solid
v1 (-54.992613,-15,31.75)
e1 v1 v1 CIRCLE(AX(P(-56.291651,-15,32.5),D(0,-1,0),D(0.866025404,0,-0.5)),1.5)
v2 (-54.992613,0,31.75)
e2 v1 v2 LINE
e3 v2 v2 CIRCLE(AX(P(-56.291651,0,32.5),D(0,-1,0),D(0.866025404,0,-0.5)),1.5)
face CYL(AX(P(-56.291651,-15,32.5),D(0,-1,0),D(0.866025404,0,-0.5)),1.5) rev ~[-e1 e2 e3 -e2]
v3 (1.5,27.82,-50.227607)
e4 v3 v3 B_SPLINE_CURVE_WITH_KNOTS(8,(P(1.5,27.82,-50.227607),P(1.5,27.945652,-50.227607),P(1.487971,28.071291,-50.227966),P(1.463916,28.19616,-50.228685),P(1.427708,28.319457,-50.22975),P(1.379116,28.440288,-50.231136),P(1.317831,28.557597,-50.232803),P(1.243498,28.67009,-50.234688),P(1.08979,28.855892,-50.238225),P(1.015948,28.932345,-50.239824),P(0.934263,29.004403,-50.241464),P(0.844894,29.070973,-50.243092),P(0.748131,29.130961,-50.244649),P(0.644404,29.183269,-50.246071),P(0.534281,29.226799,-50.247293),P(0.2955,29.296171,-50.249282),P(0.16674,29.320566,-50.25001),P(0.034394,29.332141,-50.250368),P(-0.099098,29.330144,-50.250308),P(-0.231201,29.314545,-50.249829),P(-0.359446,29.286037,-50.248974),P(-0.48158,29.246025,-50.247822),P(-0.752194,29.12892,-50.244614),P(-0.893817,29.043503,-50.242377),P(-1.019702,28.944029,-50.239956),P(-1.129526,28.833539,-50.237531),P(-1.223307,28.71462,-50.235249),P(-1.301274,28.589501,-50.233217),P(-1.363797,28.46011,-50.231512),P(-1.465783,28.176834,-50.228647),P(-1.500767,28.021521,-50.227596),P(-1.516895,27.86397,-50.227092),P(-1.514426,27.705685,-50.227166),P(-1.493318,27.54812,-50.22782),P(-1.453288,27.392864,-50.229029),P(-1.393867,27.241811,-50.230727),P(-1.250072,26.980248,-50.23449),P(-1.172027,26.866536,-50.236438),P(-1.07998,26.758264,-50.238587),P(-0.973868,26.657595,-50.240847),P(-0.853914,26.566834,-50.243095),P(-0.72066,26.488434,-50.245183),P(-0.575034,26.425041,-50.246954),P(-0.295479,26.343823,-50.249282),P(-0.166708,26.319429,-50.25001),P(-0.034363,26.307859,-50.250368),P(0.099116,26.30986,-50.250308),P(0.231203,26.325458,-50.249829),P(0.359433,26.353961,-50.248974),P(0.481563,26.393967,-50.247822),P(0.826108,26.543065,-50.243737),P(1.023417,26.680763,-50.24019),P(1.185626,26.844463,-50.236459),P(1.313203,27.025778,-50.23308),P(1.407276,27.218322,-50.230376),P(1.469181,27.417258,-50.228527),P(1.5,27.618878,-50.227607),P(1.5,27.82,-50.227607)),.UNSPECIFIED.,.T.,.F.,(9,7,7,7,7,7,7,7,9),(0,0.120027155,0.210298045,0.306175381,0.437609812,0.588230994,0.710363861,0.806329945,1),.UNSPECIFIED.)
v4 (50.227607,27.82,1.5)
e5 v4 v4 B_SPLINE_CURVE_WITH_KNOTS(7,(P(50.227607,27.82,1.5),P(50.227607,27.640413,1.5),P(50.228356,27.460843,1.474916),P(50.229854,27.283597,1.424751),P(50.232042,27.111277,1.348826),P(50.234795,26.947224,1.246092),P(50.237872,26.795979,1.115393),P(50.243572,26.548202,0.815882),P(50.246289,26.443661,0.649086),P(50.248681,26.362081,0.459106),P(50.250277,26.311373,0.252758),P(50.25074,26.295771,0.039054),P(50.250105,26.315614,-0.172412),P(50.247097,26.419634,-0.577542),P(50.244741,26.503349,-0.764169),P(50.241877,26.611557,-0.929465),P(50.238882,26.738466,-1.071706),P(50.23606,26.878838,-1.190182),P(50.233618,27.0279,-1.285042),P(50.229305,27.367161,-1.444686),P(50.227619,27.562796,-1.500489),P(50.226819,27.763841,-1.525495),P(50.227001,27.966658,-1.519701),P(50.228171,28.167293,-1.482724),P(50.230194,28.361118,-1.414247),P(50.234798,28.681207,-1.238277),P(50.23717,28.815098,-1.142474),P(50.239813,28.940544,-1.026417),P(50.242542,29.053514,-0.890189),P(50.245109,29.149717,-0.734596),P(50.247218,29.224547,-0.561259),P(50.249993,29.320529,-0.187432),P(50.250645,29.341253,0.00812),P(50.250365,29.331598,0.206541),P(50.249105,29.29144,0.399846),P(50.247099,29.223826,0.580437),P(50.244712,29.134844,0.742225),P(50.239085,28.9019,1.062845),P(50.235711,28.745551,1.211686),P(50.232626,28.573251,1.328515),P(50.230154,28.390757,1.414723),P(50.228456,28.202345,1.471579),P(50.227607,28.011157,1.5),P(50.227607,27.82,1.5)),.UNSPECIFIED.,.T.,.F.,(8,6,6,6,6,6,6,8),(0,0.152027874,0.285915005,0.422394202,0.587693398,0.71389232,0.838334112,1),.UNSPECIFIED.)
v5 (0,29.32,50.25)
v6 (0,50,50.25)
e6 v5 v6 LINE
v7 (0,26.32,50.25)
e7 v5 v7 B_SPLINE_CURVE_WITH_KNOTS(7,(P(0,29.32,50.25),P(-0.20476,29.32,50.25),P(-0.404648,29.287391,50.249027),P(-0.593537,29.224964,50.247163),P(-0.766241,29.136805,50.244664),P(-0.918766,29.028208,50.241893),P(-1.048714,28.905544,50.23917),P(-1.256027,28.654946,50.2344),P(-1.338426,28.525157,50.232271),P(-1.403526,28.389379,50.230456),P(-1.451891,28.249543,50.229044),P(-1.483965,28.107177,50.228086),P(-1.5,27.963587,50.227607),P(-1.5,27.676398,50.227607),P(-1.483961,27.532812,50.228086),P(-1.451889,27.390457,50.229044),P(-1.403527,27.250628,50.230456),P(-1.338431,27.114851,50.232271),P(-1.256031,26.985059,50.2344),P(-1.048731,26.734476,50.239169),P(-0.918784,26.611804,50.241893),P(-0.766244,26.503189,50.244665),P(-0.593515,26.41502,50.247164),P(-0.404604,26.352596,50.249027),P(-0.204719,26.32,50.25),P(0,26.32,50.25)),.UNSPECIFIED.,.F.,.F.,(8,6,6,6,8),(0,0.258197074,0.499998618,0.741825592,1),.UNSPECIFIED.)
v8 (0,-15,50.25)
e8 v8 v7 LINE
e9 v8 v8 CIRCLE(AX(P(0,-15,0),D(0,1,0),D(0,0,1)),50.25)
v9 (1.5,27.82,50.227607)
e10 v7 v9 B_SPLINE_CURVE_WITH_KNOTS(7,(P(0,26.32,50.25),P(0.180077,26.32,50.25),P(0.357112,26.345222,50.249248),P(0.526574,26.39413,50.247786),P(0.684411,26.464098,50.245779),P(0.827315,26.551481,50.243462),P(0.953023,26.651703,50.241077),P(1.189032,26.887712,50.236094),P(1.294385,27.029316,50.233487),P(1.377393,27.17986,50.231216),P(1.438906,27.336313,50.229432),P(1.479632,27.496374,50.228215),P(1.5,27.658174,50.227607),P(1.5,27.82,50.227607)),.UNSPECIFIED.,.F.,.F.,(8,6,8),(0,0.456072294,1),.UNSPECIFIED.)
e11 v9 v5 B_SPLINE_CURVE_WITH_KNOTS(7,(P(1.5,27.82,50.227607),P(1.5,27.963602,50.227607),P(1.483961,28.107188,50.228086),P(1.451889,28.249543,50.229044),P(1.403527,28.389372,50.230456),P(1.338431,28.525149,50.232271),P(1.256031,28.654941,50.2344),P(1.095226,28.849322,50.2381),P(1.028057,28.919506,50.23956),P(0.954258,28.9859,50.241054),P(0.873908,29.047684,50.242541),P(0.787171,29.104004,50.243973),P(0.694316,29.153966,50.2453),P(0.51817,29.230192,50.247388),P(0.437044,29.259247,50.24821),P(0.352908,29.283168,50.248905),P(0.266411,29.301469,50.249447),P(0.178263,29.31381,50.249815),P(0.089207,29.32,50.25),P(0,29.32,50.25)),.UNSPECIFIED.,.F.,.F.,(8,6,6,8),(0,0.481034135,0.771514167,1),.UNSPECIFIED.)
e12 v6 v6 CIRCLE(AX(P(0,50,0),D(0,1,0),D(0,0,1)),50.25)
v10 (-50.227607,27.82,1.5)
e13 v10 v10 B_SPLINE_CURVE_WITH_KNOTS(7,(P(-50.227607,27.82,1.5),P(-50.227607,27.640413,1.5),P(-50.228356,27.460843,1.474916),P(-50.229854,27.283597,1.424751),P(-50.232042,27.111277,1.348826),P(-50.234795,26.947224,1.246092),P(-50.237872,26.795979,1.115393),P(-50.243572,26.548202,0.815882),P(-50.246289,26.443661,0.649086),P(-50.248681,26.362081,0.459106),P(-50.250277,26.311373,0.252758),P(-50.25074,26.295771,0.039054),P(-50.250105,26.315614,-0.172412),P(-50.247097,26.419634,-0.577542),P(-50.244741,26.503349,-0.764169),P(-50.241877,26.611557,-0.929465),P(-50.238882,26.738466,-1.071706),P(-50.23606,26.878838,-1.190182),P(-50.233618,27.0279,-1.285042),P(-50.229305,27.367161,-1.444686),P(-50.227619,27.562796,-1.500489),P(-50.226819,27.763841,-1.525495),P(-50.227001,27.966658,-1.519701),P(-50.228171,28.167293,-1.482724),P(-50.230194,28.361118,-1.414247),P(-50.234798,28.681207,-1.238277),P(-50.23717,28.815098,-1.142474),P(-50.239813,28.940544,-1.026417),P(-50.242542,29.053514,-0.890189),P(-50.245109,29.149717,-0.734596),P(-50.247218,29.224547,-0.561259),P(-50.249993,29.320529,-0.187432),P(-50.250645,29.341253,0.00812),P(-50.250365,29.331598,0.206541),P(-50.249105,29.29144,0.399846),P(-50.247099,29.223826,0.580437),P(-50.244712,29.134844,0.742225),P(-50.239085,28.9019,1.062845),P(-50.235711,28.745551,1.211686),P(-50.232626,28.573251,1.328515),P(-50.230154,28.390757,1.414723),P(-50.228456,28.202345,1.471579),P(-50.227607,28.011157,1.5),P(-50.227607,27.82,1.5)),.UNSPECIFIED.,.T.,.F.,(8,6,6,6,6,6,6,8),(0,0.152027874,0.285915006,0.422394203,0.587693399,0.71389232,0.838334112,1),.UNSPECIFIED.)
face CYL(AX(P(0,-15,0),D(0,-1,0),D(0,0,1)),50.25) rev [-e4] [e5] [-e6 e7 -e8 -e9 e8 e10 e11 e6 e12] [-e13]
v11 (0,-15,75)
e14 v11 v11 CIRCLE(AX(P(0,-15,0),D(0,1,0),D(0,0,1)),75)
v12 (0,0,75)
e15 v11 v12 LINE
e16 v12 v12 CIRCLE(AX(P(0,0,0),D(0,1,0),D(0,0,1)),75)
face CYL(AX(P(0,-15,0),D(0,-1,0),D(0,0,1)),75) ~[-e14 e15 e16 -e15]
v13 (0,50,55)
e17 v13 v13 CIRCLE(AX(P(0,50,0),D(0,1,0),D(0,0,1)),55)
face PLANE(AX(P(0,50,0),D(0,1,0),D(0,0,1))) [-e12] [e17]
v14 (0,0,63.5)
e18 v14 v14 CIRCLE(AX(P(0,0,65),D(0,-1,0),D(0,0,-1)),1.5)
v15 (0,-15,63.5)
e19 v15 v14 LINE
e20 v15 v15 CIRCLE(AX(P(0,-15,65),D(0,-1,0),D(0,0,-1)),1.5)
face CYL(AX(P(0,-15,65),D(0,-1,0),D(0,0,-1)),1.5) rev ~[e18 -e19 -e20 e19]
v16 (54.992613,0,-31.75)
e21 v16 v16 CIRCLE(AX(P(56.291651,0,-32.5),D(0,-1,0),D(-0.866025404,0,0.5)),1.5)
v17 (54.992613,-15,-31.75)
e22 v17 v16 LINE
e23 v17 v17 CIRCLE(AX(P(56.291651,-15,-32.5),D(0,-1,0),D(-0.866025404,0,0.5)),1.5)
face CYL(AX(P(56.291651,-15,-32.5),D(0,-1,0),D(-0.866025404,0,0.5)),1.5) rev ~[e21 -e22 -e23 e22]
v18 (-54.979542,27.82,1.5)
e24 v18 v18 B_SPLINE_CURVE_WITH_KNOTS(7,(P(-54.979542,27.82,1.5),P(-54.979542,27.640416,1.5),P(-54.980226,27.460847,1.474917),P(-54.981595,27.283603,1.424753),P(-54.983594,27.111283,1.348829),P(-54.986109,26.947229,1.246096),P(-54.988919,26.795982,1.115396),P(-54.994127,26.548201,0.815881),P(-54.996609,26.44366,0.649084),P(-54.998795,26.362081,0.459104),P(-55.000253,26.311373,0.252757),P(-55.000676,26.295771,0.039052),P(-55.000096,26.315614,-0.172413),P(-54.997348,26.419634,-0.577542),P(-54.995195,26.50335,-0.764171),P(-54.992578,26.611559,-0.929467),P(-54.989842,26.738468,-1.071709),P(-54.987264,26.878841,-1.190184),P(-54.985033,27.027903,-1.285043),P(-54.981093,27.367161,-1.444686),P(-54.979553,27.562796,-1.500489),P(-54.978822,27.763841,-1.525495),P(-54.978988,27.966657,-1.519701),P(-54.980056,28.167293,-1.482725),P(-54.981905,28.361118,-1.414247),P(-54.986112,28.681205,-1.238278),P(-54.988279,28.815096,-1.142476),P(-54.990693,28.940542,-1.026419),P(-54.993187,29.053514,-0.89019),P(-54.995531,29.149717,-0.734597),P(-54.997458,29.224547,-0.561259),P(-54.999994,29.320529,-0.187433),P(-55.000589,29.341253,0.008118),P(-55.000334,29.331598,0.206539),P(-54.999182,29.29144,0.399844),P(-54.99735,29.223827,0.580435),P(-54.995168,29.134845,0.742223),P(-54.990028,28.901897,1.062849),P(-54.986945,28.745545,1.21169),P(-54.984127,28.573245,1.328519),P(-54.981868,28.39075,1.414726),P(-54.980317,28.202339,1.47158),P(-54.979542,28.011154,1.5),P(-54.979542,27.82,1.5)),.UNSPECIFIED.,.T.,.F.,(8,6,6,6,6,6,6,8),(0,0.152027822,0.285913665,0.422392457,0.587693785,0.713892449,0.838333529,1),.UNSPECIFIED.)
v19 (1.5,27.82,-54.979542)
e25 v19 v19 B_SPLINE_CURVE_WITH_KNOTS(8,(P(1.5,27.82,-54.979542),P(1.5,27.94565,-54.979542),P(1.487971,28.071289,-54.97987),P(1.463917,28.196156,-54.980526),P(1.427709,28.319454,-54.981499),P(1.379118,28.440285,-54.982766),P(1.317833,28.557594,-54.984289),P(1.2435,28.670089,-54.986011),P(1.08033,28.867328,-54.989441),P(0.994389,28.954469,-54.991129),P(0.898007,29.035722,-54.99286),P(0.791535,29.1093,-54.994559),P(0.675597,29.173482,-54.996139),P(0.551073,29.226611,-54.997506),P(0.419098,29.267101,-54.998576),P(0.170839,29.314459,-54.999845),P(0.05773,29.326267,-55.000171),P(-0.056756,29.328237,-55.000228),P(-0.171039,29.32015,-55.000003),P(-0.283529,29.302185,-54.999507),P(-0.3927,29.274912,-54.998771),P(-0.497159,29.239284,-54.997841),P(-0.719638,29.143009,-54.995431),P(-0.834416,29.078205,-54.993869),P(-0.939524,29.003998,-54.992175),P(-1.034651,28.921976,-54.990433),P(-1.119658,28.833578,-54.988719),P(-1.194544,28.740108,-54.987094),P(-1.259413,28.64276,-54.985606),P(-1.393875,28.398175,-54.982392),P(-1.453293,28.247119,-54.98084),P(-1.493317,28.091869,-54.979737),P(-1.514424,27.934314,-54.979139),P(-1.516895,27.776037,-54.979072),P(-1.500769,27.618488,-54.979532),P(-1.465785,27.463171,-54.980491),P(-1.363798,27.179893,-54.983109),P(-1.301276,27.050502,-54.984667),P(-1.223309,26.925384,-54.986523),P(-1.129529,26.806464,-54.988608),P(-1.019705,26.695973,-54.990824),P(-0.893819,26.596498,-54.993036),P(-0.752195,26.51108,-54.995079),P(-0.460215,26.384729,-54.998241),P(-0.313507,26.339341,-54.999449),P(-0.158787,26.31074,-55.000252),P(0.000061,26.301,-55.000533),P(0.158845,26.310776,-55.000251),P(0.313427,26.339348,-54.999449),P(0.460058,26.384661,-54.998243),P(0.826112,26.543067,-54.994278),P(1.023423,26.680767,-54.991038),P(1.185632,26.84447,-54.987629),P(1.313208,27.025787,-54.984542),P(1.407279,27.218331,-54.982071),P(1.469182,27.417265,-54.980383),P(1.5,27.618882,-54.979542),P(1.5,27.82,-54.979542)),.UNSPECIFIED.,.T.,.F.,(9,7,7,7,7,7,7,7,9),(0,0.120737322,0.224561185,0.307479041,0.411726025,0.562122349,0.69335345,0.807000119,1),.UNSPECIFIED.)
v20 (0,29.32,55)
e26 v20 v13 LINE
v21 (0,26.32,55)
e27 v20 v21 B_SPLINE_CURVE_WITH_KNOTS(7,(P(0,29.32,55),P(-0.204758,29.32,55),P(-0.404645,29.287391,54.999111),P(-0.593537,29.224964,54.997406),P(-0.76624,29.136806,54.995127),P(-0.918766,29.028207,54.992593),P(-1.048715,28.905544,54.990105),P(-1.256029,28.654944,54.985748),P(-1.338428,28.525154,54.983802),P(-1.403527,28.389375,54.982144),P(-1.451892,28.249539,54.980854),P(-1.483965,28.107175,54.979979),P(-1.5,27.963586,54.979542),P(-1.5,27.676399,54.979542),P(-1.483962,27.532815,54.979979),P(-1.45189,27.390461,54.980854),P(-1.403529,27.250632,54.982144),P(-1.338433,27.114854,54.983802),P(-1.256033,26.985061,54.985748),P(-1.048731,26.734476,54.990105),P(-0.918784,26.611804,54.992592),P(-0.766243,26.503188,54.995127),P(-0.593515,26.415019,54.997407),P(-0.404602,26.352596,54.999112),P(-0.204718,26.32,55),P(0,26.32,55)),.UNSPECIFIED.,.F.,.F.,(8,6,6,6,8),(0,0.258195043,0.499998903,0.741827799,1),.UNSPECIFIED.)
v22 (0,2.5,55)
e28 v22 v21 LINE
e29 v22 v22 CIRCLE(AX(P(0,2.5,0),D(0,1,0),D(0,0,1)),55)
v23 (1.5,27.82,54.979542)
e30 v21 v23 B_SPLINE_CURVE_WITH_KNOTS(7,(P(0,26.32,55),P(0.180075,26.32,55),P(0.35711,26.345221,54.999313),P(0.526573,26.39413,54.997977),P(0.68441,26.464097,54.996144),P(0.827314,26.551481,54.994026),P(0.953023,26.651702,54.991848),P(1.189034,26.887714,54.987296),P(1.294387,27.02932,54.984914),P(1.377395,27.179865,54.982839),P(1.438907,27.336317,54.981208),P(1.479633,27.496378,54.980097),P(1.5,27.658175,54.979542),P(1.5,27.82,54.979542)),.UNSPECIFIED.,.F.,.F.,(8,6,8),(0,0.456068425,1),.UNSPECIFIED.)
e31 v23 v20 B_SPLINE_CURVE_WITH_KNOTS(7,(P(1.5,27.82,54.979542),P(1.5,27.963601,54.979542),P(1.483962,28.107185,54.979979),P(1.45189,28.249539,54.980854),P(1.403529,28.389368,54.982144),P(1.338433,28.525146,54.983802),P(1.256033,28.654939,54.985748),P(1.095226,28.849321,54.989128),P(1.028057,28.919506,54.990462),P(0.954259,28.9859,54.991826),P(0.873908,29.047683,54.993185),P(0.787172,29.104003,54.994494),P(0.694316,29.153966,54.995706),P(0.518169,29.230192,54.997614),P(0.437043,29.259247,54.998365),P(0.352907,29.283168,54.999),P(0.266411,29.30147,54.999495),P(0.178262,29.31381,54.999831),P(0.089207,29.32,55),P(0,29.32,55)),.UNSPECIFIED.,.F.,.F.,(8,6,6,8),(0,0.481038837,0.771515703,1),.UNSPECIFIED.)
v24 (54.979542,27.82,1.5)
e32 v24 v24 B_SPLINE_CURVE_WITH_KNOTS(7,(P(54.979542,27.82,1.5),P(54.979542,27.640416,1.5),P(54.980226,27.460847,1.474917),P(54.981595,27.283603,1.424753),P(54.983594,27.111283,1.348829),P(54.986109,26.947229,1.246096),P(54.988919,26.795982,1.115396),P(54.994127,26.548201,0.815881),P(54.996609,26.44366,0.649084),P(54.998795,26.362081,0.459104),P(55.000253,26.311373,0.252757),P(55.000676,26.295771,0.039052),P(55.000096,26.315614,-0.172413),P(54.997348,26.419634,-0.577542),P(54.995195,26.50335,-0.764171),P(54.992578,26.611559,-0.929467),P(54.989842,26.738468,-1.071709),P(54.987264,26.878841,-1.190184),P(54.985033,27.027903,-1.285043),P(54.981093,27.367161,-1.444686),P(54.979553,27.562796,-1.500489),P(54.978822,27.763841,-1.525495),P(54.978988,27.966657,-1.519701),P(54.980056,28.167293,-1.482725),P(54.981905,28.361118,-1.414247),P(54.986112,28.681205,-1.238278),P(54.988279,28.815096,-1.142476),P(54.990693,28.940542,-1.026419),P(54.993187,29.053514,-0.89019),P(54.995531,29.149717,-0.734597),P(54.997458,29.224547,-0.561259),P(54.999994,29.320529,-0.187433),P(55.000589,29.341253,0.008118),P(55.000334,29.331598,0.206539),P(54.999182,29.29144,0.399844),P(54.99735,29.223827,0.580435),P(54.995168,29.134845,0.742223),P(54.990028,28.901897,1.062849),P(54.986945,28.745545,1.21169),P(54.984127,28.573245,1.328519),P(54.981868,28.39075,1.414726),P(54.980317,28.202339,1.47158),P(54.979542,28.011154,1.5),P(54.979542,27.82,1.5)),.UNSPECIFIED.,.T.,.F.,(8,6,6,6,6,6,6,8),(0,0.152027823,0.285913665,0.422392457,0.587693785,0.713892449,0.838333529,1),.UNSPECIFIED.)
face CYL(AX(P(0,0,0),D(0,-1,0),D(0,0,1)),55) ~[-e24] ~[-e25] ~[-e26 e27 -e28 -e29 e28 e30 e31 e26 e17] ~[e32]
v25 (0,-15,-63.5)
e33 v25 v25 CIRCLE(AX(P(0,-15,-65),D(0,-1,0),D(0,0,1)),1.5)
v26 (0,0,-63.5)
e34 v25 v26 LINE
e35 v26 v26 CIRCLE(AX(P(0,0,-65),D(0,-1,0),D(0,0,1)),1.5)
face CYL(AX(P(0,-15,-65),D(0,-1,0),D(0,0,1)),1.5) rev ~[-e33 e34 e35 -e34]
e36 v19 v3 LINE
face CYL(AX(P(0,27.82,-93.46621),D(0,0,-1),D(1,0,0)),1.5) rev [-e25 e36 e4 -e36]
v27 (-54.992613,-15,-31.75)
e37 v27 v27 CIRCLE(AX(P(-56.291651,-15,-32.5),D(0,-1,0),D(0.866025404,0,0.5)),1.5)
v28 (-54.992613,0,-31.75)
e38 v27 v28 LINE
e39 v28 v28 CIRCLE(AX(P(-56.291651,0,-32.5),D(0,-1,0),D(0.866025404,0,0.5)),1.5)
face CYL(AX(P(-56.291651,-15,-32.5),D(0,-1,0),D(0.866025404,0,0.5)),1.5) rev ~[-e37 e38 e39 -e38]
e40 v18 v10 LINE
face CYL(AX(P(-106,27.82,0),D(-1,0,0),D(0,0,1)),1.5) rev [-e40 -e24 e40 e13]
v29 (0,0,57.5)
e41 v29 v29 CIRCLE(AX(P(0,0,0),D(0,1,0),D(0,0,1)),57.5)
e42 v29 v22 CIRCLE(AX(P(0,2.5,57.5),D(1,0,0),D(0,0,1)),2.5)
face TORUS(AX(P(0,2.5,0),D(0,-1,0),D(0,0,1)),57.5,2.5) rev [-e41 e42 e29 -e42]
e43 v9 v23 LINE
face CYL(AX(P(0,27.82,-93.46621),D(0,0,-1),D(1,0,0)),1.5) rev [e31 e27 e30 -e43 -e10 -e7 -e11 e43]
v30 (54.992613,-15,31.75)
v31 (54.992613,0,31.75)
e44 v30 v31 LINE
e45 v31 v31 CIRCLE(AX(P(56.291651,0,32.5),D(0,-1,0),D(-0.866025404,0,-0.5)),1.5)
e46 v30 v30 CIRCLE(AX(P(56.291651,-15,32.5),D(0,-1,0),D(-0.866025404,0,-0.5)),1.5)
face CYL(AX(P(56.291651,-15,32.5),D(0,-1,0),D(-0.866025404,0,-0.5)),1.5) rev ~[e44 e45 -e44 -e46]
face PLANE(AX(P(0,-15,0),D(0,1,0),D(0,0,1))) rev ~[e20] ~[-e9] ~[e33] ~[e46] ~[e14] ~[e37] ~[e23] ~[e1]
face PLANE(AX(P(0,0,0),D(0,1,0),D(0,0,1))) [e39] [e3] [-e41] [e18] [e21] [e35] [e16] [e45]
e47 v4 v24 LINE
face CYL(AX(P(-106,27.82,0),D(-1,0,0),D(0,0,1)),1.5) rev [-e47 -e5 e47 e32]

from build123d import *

# Parameters (mm, degrees)
SKETCH5_R               = 55
SKETCH5_R_2             = 50.25
BOSS_EXTRUDE1_DEPTH     = 50
CUT_EXTRUDE1_DEPTH      = 211
CUT_EXTRUDE1_DEPTH_BACK = 106
SKETCH8_R               = 1.5
CUT_EXTRUDE2_DEPTH      = 93.466210222
CUT_EXTRUDE2_DEPTH_BACK = 93.466210222
SKETCH9_R               = 1.5
SKETCH14_R              = 75
SKETCH14_R_2            = 50.25
BOSS_EXTRUDE4_DEPTH     = 15
FILLET3_R               = 2.5
SKETCH15_R              = 1.5
CUT_EXTRUDE3_DEPTH      = 125.398553098
CIRPATTERN1_COUNT       = 6


with BuildPart() as part:
    # Sketch5 → Boss-Extrude1 (new body)
    with BuildSketch(Plane(origin=(0, 0, 0), x_dir=(1, 0, 0), z_dir=(0, 1, 0))):
        with Locations(Location((0, 0, 0), (0, 0, 270))):
            Circle(SKETCH5_R)
        with Locations(Location((0, 0, 0), (0, 0, 270))):
            Circle(SKETCH5_R_2, mode=Mode.SUBTRACT)
    extrude(amount=BOSS_EXTRUDE1_DEPTH)

    # Sketch8 → Cut-Extrude1 (cut, two sides: drawn at the far end of the back side and taken through both)
    with BuildSketch(Plane(origin=(0, 0, 0), x_dir=(0, 0, -1), z_dir=(1, 0, 0)).offset(-CUT_EXTRUDE1_DEPTH_BACK)):
        with Locations(Location((0, 27.82, 0), (0, 0, 180))):
            Circle(SKETCH8_R)
    extrude(amount=CUT_EXTRUDE1_DEPTH + CUT_EXTRUDE1_DEPTH_BACK, mode=Mode.SUBTRACT)

    # Sketch9 → Cut-Extrude2 (cut, two sides: drawn at the far end of the back side and taken through both)
    with BuildSketch(Plane.XY.offset(-CUT_EXTRUDE2_DEPTH_BACK)):
        with Locations((0, 27.82)):
            Circle(SKETCH9_R)
    extrude(amount=CUT_EXTRUDE2_DEPTH + CUT_EXTRUDE2_DEPTH_BACK, mode=Mode.SUBTRACT)

    # Sketch14 → Boss-Extrude4 (add)
    with BuildSketch(Plane(origin=(0, -15, 0), x_dir=(1, 0, 0), z_dir=(0, 1, 0))):
        with Locations(Location((0, 0, 0), (0, 0, 270))):
            Circle(SKETCH14_R)
        with Locations(Location((0, 0, 0), (0, 0, 270))):
            Circle(SKETCH14_R_2, mode=Mode.SUBTRACT)
    extrude(amount=BOSS_EXTRUDE4_DEPTH)

    # Fillet3
    fillet3_edges = [part.edges().sort_by_distance(p)[0] for p in [
        (0, 0, -55),
    ]]
    fillet(fillet3_edges, radius=FILLET3_R)

    # Sketch15 → Cut-Extrude3 (cut, through all)
    with BuildSketch(Plane.XZ.offset(15)):
        with Locations(Location((0, 65, 0), (0, 0, 270))):
            Circle(SKETCH15_R)
    cut_extrude3 = extrude(amount=-CUT_EXTRUDE3_DEPTH, mode=Mode.SUBTRACT)

    # CirPattern1: Cut-Extrude3 ×6 about axis
    cirpattern1_axis = Axis((0, 0, 0), (0, 1, 0))
    for i in range(1, CIRPATTERN1_COUNT):
        add(cut_extrude3.rotate(cirpattern1_axis, i * 360 / CIRPATTERN1_COUNT), mode=Mode.SUBTRACT)


solid = part.part
